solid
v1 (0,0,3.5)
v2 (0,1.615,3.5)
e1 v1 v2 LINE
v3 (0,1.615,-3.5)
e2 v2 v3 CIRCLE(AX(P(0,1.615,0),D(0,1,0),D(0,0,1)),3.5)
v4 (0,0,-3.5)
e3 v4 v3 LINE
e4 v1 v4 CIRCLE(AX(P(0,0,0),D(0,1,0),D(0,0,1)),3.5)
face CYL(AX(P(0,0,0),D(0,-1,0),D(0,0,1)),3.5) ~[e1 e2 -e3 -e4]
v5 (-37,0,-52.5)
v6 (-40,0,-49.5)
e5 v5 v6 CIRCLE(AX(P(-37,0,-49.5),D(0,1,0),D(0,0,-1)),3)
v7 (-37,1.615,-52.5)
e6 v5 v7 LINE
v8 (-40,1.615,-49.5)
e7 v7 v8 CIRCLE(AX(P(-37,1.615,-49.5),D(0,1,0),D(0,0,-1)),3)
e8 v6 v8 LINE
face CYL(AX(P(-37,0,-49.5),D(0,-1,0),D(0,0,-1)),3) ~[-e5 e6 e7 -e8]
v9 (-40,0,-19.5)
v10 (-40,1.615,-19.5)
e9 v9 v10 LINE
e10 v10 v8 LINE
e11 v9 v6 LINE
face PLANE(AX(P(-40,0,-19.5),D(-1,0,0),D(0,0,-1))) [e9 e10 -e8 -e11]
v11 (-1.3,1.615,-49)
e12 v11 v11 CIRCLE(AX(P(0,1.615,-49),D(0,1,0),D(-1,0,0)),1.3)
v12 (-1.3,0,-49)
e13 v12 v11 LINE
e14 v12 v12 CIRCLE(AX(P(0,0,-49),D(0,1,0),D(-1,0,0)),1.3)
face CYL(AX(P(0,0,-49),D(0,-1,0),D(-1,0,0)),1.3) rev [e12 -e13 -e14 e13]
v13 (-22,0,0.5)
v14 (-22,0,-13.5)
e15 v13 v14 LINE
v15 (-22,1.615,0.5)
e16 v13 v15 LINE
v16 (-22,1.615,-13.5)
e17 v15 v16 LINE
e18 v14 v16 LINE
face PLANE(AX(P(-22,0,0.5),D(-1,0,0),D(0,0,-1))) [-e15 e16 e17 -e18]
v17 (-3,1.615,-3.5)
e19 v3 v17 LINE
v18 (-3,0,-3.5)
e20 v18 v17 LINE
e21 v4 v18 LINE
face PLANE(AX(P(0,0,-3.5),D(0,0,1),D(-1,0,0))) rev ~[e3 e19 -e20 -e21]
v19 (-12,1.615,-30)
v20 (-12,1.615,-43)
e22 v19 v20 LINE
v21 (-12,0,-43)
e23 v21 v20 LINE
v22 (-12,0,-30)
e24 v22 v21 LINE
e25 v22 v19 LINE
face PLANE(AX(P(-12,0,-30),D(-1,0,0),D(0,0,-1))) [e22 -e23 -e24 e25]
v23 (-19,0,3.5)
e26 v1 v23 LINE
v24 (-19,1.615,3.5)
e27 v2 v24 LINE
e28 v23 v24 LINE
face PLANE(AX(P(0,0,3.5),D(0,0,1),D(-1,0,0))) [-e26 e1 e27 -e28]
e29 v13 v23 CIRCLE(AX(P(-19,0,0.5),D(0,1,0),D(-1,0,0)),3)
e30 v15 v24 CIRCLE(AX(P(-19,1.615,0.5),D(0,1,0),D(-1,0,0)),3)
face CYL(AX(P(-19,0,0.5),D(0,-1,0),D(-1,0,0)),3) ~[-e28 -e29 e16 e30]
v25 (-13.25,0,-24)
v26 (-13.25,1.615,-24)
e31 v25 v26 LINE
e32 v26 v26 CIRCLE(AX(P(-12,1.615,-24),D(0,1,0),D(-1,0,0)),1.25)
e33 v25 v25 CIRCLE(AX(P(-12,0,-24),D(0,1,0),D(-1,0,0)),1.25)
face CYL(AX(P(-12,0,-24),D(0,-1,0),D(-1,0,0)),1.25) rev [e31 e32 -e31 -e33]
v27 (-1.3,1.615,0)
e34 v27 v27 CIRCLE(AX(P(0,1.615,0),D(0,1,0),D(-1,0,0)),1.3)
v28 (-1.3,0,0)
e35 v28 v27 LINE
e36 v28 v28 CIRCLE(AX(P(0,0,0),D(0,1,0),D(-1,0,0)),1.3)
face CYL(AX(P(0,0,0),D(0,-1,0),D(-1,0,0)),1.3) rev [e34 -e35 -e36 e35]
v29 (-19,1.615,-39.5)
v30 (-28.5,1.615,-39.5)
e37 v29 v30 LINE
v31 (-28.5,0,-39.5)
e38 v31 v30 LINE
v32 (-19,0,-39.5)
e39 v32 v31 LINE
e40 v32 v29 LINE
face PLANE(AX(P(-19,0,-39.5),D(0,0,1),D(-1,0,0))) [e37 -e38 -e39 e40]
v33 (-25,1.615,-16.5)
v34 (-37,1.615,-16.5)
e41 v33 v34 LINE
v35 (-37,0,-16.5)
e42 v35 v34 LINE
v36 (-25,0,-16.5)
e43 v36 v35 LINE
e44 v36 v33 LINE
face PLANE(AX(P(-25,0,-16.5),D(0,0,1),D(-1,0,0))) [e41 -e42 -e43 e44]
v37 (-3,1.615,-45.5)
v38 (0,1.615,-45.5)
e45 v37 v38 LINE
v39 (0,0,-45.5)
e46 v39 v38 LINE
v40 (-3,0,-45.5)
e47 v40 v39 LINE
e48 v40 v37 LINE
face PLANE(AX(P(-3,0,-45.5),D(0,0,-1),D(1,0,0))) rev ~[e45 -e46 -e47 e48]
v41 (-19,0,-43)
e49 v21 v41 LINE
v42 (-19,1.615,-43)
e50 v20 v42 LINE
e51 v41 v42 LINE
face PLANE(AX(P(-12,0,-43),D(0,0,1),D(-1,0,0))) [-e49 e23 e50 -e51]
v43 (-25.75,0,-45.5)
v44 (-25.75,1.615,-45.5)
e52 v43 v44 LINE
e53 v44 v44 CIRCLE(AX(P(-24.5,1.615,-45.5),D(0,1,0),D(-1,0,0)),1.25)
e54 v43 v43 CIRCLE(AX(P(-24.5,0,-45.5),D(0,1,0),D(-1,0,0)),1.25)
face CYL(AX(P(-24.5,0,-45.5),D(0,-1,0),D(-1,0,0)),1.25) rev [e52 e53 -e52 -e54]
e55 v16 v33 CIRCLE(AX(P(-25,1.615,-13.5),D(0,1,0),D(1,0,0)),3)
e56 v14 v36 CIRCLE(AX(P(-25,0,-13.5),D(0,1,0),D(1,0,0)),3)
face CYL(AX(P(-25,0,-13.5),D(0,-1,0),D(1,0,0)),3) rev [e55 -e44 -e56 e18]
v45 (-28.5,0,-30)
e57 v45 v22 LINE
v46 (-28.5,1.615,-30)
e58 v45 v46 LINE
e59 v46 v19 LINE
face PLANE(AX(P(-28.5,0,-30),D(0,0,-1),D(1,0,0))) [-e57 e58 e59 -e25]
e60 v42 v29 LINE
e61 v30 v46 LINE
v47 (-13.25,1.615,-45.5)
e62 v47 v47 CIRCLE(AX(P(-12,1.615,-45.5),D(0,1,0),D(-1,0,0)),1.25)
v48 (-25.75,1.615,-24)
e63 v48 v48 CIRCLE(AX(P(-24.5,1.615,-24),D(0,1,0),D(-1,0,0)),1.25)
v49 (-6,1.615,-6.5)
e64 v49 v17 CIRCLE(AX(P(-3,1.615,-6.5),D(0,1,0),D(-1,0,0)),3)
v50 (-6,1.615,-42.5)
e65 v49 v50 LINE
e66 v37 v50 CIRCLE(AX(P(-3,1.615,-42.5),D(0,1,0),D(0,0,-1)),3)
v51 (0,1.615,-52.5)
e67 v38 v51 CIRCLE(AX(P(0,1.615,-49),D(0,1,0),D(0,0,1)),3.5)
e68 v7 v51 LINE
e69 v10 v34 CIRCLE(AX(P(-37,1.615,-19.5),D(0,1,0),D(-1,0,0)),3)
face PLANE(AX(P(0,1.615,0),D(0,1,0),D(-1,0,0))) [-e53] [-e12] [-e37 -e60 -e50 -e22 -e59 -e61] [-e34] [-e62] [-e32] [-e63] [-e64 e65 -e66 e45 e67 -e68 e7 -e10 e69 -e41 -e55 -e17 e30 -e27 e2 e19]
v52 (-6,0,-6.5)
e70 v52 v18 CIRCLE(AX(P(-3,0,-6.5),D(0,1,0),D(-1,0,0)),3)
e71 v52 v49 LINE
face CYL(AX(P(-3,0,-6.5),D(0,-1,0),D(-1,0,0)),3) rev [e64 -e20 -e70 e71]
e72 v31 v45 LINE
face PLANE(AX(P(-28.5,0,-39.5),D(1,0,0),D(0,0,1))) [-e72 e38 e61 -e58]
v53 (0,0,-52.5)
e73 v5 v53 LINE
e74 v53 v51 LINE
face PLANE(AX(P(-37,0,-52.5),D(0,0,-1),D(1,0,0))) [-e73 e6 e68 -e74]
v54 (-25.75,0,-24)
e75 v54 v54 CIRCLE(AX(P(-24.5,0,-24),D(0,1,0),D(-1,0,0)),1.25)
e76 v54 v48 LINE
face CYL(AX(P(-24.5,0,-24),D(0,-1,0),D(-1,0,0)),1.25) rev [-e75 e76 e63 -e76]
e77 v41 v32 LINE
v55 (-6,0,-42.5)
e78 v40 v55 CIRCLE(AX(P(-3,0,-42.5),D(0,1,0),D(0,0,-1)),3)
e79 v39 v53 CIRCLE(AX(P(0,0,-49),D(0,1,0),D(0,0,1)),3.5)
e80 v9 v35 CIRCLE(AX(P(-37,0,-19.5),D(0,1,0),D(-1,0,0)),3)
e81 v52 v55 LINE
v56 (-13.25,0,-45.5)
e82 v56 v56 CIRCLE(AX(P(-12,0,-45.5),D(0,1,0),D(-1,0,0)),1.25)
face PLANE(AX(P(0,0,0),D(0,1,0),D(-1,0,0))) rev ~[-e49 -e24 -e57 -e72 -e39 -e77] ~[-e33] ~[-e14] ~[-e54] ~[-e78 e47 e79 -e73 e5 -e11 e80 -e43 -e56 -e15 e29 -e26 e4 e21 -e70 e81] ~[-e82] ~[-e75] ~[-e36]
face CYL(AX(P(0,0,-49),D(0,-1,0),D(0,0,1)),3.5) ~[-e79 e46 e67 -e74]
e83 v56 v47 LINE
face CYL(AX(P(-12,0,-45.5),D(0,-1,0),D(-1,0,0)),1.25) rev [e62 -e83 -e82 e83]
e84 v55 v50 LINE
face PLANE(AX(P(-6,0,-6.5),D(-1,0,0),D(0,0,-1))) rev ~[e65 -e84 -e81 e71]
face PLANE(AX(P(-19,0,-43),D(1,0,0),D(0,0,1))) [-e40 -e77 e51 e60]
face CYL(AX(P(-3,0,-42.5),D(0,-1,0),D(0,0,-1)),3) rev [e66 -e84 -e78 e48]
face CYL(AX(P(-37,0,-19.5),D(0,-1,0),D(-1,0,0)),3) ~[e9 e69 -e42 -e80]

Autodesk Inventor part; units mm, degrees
ref_plane "YZ Plane" through (0, 0, 0) normal (1, 0, 0) x (0, 1, 0)
ref_plane "XZ Plane" through (0, 0, 0) normal (0, 1, 0) x (-1, 0, 0)
ref_plane "XY Plane" through (0, 0, 0) normal (0, 0, 1) x (1, 0, 0)
sketch "Sketch1" plane through (0, 0, 0) normal (0, 1, 0) x (-1, 0, 0)
  circle A0 centre (0, 0) radius 1.3
  circle A1 centre (0, -49) radius 1.3
  arc A2 (0, 3.5) -> (0, -3.5) centre (0, 0) ccw
  arc A3 (0, -45.5) -> (0, -52.5) centre (0, -49) ccw
  line L0 (0, 3.5) -> (19, 3.5)
  line L1 (22, 0.5) -> (22, -13.5)
  line L2 (25, -16.5) -> (37, -16.5)
  line L3 (40, -19.5) -> (40, -49.5)
  line L4 (37, -52.5) -> (0, -52.5)
  line L5 (0, -3.5) -> (3, -3.5)
  line L6 (6, -6.5) -> (6, -42.5)
  line L7 (3, -45.5) -> (0, -45.5)
  arc A4 (6, -6.5) -> (3, -3.5) centre (3, -6.5) ccw
  arc A5 (22, 0.5) -> (19, 3.5) centre (19, 0.5) ccw
  arc A6 (22, -13.5) -> (25, -16.5) centre (25, -13.5) ccw
  arc A7 (40, -19.5) -> (37, -16.5) centre (37, -19.5) ccw
  arc A8 (37, -52.5) -> (40, -49.5) centre (37, -49.5) ccw
  arc A9 (3, -45.5) -> (6, -42.5) centre (3, -42.5) ccw
  circle A10 centre (12, -24) radius 1.25
  circle A11 centre (12, -45.5) radius 1.25
  circle A12 centre (24.5, -45.5) radius 1.25
  circle A13 centre (24.5, -24) radius 1.25
  line L8 (28.5, -30) -> (12, -30)
  line L9 (12, -30) -> (12, -43)
  line L10 (12, -43) -> (19, -43)
  line L11 (19, -43) -> (19, -39.5)
  line L12 (19, -39.5) -> (28.5, -39.5)
  line L13 (28.5, -39.5) -> (28.5, -30)
  line L14 (28.5, -34.75) -> (12, -34.75) construction
  point P0 (22, 3.5)
  point P1 (22, -16.5)
  point P2 (40, -52.5)
  dimension "d0" = 49
  dimension "d1" = 2.6
  dimension "d2" = 7
  dimension "d3" = 22
  dimension "d4" = 20
  dimension "d5" = 40
  dimension "d6" = 6
  dimension "d7" = 3
  dimension "d14" = 2.5
  dimension "d15" = 12.5
  dimension "d16" = 12
  dimension "d17" = 9.5
  dimension "d18" = 3.5
  dimension "d19" = 7
  dimension "d20" = 21.5
  dimension "d21" = 7
extrude "Extrusion1" add sketch "Sketch1" along normal blind 1.615
properties part number "freestanding_cam_mount"
